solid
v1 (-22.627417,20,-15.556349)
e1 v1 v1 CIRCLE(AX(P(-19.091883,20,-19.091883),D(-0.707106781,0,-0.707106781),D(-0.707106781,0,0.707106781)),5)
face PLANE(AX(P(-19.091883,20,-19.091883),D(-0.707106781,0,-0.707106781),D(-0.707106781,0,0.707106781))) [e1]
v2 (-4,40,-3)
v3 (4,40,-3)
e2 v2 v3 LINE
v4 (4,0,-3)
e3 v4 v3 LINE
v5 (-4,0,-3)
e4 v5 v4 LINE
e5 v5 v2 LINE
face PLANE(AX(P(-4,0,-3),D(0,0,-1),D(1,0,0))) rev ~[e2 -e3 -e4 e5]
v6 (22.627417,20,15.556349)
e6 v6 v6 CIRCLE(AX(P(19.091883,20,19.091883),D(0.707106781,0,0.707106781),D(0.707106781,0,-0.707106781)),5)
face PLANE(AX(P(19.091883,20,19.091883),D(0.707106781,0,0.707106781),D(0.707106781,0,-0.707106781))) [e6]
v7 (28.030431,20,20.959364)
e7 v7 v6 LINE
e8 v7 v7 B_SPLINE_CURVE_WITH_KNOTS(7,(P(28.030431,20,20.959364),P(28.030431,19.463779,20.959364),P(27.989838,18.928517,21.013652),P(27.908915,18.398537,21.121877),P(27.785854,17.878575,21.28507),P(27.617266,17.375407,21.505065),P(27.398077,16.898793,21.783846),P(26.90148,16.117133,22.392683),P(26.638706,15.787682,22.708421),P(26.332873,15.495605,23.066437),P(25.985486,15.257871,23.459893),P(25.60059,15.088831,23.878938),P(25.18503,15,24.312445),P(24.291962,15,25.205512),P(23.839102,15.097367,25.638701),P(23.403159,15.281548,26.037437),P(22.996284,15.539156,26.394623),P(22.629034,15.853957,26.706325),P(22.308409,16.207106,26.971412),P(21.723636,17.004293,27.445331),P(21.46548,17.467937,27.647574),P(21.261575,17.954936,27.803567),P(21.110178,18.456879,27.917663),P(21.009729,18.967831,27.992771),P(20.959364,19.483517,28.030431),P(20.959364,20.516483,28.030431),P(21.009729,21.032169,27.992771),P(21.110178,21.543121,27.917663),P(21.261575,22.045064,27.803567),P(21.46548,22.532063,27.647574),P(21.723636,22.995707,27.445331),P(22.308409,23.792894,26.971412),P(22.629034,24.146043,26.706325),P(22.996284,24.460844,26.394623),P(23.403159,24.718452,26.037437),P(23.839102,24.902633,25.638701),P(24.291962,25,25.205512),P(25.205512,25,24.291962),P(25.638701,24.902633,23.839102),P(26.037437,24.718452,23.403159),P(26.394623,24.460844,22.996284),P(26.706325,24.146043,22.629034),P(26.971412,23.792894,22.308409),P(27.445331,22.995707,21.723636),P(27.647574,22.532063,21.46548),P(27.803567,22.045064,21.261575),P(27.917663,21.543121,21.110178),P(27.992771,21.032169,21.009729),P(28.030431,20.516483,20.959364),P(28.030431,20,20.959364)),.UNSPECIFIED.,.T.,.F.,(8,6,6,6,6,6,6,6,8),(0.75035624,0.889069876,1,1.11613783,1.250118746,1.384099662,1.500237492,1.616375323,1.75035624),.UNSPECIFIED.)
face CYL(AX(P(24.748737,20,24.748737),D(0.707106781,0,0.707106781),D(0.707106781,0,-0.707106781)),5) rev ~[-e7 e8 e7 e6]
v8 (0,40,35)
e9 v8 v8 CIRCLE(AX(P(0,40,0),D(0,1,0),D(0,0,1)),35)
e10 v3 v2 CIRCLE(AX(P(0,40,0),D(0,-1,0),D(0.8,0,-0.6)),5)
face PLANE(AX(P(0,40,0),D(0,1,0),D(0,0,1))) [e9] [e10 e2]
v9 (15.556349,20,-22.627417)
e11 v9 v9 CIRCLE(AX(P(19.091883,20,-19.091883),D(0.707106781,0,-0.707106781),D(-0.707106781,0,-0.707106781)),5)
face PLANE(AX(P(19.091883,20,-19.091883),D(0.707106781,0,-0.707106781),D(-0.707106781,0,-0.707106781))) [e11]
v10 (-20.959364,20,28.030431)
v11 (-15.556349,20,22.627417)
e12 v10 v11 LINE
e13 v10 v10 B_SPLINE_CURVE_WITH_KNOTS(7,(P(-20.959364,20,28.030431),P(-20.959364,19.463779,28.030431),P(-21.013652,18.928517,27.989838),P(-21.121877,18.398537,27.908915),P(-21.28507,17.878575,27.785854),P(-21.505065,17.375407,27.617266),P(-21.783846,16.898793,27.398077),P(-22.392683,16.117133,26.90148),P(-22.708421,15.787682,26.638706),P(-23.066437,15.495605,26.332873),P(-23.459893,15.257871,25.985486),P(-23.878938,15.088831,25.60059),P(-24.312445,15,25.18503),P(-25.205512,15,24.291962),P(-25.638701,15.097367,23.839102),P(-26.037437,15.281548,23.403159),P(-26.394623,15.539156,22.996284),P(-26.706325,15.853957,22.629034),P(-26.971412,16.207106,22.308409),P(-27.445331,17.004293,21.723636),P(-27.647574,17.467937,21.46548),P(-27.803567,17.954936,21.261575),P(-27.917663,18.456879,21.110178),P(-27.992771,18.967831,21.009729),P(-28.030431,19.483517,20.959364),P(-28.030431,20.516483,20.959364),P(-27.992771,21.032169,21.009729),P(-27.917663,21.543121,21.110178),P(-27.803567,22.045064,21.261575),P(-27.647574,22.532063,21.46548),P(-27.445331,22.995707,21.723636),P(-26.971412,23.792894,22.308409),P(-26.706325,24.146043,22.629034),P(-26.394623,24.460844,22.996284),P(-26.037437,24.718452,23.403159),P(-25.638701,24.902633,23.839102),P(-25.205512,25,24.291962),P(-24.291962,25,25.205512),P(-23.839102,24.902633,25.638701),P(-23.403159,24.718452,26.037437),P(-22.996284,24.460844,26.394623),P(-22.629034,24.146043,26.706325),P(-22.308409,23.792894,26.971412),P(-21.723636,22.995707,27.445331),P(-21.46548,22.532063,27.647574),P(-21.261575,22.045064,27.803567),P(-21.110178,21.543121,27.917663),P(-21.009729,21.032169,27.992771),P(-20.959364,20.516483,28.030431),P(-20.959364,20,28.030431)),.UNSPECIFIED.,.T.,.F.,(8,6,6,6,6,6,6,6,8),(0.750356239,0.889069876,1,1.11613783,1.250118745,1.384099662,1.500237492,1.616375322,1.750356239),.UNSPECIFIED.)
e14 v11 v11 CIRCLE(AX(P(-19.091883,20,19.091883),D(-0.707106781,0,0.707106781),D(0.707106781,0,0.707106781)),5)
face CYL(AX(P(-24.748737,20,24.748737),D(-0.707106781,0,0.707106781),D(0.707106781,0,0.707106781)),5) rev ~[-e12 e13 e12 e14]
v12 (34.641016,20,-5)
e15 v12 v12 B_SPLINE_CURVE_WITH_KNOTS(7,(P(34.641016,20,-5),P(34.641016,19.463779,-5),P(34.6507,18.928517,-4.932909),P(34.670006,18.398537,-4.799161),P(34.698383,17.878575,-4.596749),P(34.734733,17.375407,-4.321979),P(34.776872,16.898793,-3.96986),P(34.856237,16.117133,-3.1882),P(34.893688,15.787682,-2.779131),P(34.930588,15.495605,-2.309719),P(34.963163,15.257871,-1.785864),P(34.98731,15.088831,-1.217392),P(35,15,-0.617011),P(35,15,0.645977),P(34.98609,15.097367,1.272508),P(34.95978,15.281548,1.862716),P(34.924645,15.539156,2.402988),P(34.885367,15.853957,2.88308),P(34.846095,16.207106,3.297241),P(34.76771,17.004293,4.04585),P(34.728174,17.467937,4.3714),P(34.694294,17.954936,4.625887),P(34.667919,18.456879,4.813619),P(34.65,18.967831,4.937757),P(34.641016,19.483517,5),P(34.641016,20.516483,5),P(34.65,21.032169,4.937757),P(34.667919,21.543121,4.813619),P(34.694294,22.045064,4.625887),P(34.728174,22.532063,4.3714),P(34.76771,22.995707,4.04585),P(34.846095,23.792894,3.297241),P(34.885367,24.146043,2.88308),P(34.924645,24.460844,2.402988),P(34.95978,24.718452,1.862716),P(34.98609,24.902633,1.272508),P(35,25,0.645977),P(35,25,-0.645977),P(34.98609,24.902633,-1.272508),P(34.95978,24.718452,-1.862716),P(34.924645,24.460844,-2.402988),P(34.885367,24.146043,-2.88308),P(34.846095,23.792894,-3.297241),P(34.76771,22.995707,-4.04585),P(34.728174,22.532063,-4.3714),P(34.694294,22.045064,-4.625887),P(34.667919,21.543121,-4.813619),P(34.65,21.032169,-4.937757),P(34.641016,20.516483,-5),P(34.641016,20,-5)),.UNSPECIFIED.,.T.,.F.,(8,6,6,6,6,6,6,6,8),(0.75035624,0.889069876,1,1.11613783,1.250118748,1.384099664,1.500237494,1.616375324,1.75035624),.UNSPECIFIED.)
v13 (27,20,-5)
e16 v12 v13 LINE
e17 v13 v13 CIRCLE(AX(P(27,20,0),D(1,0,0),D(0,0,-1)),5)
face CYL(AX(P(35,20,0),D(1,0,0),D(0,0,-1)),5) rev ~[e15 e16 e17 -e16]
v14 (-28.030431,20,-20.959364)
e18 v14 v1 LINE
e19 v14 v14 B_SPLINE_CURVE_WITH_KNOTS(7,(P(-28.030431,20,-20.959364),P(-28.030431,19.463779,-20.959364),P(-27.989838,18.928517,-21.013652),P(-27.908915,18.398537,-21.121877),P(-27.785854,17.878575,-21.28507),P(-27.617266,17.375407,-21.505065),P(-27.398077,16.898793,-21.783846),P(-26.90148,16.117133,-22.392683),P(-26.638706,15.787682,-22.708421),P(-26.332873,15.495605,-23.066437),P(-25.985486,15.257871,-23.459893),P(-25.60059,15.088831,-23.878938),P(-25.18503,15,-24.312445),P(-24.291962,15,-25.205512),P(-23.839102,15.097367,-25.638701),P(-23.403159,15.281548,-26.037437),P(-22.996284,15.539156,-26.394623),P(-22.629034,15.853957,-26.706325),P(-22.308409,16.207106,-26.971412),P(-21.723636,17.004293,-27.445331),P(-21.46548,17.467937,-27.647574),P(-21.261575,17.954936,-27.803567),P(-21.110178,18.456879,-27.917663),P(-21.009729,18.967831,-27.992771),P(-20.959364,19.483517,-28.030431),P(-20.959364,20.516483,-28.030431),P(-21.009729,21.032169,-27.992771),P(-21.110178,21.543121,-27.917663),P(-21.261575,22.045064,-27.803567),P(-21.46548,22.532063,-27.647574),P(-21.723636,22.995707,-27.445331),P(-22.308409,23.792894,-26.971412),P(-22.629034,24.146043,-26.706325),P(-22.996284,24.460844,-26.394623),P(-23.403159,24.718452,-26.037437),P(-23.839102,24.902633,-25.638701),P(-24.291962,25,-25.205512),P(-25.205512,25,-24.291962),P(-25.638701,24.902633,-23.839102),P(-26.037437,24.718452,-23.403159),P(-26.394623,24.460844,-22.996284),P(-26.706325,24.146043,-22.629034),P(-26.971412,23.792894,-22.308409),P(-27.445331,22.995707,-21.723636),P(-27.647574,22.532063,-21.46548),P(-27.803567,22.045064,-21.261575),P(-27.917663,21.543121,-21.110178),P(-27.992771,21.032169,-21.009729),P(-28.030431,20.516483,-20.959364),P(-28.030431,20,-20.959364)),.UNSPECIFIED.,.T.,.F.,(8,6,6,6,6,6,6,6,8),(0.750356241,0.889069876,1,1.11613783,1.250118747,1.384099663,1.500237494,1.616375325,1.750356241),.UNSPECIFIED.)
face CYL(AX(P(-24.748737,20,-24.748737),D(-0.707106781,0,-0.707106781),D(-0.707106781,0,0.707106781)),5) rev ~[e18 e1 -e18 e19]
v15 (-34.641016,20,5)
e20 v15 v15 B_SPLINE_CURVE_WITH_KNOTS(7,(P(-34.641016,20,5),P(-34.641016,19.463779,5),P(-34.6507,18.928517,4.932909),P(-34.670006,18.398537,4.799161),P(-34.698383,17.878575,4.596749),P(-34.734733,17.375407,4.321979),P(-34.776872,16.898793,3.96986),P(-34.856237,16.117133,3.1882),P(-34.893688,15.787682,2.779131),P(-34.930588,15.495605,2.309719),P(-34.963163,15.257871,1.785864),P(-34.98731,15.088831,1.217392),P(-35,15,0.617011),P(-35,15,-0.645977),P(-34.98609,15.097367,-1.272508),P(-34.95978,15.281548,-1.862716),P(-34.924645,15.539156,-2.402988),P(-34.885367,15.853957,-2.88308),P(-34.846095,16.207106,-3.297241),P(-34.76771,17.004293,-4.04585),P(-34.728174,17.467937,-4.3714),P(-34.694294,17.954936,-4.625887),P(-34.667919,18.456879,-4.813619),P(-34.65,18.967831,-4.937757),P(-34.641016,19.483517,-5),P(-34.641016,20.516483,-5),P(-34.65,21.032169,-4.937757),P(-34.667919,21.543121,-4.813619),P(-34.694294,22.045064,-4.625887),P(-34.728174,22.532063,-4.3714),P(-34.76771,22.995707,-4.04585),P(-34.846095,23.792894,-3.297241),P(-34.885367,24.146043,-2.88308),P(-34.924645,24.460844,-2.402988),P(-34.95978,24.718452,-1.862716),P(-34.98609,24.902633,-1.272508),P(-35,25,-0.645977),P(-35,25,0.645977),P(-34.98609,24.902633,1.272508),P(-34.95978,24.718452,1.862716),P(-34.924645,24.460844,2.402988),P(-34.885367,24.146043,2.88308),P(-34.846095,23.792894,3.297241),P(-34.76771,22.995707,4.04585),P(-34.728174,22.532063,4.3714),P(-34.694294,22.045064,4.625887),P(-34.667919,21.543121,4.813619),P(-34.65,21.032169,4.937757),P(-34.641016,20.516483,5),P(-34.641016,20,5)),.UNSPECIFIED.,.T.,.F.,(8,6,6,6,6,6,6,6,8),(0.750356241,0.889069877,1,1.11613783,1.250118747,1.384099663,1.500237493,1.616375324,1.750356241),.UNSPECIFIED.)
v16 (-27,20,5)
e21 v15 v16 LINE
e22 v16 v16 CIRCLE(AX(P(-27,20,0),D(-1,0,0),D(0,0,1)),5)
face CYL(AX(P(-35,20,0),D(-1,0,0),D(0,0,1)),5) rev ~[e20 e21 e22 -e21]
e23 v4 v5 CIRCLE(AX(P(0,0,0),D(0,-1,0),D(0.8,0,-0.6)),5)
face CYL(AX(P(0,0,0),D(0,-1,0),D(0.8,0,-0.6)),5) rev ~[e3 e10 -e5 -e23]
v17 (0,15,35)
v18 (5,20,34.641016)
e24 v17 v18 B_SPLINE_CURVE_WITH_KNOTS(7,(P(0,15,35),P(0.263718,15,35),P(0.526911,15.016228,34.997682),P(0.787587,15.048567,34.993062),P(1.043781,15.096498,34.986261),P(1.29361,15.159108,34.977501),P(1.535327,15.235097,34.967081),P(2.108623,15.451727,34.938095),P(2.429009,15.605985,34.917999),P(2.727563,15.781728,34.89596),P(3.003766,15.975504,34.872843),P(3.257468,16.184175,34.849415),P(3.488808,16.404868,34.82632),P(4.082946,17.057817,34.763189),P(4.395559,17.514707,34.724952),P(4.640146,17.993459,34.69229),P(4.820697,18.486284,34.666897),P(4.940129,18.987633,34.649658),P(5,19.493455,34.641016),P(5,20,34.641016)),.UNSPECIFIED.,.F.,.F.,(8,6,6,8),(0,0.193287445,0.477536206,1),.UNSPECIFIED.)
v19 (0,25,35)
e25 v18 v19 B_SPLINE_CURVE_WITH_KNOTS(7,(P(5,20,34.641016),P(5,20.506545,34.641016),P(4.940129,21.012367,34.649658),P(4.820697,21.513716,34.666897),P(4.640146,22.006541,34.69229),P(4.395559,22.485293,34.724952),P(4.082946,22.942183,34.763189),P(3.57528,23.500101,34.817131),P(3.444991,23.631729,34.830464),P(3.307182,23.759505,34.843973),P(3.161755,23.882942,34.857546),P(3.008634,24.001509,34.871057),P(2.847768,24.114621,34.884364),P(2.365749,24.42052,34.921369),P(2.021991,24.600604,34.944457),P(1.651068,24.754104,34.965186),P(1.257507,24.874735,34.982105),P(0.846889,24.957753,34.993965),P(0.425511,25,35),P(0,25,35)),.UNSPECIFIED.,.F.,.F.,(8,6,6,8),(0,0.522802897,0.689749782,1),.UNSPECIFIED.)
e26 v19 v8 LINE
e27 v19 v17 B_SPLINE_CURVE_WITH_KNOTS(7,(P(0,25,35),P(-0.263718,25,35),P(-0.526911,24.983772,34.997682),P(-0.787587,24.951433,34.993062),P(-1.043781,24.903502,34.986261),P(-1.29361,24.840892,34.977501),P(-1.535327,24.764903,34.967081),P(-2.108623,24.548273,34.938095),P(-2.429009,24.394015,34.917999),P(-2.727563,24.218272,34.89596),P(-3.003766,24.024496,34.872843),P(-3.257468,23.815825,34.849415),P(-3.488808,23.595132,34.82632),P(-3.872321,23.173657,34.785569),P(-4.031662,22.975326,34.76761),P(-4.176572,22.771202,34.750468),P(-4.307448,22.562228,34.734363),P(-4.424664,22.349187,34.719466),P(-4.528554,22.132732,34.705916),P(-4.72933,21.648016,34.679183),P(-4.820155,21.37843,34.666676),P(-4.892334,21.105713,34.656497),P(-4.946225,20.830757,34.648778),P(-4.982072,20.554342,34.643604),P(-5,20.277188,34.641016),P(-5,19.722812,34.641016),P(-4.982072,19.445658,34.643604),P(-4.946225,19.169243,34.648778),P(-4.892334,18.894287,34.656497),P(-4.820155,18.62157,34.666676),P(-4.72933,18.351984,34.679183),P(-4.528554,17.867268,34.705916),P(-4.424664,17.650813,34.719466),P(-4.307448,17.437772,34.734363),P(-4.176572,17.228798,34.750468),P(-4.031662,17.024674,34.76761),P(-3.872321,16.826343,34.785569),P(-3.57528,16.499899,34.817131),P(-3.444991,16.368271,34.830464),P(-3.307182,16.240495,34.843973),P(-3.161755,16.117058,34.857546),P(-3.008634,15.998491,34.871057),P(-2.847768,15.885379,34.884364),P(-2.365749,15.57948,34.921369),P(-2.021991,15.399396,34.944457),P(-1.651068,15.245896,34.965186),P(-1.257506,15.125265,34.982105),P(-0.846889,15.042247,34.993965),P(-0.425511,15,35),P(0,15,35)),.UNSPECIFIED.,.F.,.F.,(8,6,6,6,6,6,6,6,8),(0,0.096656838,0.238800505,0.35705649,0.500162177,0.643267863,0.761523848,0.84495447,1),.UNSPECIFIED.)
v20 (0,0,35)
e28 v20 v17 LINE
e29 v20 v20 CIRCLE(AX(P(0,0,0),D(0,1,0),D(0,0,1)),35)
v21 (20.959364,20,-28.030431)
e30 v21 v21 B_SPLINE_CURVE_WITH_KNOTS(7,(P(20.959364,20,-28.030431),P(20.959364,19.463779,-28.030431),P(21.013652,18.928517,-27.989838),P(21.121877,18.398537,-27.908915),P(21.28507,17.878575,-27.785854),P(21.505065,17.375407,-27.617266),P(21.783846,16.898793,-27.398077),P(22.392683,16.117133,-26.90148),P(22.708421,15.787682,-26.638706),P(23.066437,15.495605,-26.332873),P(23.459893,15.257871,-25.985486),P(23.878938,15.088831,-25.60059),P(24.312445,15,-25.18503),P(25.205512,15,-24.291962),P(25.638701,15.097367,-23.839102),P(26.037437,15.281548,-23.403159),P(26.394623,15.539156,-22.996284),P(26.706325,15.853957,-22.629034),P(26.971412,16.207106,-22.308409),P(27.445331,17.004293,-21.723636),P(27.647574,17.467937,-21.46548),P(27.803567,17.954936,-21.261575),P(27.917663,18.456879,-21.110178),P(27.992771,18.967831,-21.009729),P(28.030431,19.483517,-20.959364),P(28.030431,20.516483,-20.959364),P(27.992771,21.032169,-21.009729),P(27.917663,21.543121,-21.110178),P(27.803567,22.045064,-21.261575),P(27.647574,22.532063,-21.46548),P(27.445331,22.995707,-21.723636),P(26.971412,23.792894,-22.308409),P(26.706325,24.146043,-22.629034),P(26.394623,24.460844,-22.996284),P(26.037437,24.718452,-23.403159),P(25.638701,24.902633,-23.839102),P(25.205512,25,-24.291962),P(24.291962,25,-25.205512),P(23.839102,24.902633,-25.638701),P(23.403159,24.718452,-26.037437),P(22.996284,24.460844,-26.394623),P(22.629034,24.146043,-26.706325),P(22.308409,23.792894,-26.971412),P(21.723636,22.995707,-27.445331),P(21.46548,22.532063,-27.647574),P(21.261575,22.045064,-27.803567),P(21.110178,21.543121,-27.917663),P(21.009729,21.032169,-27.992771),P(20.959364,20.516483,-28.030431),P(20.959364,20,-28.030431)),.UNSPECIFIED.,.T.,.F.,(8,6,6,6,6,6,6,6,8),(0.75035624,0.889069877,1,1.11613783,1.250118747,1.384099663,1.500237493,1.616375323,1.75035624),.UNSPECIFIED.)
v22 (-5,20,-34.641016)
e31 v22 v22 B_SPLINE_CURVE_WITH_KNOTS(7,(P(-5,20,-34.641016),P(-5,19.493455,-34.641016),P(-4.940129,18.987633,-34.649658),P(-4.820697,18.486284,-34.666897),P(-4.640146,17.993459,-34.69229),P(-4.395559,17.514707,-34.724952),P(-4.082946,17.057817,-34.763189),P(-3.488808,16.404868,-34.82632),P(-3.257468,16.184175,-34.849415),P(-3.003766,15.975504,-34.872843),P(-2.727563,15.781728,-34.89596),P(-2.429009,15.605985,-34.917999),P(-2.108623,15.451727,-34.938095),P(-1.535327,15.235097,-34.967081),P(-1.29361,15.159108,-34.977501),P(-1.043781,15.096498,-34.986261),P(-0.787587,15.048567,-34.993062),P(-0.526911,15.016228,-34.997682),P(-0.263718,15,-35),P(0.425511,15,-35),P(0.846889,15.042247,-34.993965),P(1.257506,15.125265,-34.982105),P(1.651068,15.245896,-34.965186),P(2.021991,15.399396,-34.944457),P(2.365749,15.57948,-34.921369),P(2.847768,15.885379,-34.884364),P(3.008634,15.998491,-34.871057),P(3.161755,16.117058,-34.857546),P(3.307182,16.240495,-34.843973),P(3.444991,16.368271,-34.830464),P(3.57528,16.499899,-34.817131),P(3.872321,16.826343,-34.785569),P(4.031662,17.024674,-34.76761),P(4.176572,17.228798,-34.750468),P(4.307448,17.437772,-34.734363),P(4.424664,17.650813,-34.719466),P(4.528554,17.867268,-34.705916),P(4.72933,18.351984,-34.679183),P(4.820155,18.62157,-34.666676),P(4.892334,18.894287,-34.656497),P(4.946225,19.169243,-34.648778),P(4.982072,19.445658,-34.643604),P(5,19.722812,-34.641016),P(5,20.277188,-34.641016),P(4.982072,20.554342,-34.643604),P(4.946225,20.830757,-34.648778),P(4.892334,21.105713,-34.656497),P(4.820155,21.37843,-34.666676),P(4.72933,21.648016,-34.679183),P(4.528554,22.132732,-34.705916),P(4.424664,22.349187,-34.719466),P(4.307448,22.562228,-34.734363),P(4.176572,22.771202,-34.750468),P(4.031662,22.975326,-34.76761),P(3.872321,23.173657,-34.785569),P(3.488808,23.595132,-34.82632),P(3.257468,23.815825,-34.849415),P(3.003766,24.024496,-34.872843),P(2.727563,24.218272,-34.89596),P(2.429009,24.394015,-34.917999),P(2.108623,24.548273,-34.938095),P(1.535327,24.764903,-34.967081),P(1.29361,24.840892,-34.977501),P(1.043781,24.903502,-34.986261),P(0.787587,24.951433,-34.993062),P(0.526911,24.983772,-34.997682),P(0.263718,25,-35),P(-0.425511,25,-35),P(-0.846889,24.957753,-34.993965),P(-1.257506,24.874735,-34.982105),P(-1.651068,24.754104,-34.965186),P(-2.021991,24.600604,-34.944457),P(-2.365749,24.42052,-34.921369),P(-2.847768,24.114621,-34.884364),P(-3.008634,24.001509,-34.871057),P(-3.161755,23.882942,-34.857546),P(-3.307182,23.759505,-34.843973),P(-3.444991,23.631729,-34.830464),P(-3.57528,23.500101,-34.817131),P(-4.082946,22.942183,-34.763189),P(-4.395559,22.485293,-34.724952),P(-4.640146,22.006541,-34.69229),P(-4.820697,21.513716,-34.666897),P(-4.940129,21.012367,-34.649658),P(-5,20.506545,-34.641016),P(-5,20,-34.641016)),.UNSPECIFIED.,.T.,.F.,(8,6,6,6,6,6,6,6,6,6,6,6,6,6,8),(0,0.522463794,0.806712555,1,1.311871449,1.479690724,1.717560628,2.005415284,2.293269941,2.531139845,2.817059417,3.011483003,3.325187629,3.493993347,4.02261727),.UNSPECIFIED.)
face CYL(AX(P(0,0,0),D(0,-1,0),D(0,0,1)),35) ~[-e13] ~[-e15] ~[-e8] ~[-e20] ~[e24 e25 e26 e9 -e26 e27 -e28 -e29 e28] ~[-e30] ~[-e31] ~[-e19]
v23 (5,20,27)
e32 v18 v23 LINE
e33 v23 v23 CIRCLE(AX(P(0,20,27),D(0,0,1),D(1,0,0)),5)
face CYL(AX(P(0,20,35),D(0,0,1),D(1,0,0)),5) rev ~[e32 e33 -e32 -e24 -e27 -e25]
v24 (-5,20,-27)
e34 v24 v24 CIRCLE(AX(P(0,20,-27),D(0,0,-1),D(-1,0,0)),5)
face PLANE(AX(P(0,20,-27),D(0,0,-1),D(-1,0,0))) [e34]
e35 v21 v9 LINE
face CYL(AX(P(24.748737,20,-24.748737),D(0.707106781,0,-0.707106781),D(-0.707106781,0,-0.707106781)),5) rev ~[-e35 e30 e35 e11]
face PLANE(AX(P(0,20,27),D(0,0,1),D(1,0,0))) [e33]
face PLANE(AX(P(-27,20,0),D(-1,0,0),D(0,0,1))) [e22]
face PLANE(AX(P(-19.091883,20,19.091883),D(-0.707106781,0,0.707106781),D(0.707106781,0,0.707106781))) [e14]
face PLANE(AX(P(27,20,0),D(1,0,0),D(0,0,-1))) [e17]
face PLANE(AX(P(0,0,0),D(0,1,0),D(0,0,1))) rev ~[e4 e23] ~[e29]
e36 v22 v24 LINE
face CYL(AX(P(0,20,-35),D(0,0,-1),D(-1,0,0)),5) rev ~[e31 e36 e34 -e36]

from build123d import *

# Parameters (mm, degrees)
SKETCH1_R           = 35
BOSS_EXTRUDE1_DEPTH = 40
SKETCH7_R           = 5
CUT_EXTRUDE4_DEPTH  = 8
CIRPATTERN1_COUNT   = 8


with BuildPart() as part:
    # Sketch1 → Boss-Extrude1 (new body)
    with BuildSketch(Plane(origin=(0, 0, 0), x_dir=(1, 0, 0), z_dir=(0, 1, 0))):
        with Locations(Location((0, 0, 0), (0, 0, 270))):
            Circle(SKETCH1_R)
        with BuildLine():
            Line((-4, 3), (4, 3))
            ThreePointArc((4, 3), (0, -5), (-4, 3))
        make_face(mode=Mode.SUBTRACT)
    extrude(amount=BOSS_EXTRUDE1_DEPTH)

    # Sketch7 → Cut-Extrude4 (cut)
    with BuildSketch(Plane(origin=(0, 0, -35), x_dir=(-1, 0, 0), z_dir=(0, 0, -1))):
        with Locations((0, 20)):
            Circle(SKETCH7_R)
    cut_extrude4 = extrude(amount=-CUT_EXTRUDE4_DEPTH, mode=Mode.SUBTRACT)

    # CirPattern1: Cut-Extrude4 ×8 about axis
    cirpattern1_axis = Axis((0, 0, 0), (0, 1, 0))
    for i in range(1, CIRPATTERN1_COUNT):
        add(cut_extrude4.rotate(cirpattern1_axis, i * 360 / CIRPATTERN1_COUNT), mode=Mode.SUBTRACT)


solid = part.part
